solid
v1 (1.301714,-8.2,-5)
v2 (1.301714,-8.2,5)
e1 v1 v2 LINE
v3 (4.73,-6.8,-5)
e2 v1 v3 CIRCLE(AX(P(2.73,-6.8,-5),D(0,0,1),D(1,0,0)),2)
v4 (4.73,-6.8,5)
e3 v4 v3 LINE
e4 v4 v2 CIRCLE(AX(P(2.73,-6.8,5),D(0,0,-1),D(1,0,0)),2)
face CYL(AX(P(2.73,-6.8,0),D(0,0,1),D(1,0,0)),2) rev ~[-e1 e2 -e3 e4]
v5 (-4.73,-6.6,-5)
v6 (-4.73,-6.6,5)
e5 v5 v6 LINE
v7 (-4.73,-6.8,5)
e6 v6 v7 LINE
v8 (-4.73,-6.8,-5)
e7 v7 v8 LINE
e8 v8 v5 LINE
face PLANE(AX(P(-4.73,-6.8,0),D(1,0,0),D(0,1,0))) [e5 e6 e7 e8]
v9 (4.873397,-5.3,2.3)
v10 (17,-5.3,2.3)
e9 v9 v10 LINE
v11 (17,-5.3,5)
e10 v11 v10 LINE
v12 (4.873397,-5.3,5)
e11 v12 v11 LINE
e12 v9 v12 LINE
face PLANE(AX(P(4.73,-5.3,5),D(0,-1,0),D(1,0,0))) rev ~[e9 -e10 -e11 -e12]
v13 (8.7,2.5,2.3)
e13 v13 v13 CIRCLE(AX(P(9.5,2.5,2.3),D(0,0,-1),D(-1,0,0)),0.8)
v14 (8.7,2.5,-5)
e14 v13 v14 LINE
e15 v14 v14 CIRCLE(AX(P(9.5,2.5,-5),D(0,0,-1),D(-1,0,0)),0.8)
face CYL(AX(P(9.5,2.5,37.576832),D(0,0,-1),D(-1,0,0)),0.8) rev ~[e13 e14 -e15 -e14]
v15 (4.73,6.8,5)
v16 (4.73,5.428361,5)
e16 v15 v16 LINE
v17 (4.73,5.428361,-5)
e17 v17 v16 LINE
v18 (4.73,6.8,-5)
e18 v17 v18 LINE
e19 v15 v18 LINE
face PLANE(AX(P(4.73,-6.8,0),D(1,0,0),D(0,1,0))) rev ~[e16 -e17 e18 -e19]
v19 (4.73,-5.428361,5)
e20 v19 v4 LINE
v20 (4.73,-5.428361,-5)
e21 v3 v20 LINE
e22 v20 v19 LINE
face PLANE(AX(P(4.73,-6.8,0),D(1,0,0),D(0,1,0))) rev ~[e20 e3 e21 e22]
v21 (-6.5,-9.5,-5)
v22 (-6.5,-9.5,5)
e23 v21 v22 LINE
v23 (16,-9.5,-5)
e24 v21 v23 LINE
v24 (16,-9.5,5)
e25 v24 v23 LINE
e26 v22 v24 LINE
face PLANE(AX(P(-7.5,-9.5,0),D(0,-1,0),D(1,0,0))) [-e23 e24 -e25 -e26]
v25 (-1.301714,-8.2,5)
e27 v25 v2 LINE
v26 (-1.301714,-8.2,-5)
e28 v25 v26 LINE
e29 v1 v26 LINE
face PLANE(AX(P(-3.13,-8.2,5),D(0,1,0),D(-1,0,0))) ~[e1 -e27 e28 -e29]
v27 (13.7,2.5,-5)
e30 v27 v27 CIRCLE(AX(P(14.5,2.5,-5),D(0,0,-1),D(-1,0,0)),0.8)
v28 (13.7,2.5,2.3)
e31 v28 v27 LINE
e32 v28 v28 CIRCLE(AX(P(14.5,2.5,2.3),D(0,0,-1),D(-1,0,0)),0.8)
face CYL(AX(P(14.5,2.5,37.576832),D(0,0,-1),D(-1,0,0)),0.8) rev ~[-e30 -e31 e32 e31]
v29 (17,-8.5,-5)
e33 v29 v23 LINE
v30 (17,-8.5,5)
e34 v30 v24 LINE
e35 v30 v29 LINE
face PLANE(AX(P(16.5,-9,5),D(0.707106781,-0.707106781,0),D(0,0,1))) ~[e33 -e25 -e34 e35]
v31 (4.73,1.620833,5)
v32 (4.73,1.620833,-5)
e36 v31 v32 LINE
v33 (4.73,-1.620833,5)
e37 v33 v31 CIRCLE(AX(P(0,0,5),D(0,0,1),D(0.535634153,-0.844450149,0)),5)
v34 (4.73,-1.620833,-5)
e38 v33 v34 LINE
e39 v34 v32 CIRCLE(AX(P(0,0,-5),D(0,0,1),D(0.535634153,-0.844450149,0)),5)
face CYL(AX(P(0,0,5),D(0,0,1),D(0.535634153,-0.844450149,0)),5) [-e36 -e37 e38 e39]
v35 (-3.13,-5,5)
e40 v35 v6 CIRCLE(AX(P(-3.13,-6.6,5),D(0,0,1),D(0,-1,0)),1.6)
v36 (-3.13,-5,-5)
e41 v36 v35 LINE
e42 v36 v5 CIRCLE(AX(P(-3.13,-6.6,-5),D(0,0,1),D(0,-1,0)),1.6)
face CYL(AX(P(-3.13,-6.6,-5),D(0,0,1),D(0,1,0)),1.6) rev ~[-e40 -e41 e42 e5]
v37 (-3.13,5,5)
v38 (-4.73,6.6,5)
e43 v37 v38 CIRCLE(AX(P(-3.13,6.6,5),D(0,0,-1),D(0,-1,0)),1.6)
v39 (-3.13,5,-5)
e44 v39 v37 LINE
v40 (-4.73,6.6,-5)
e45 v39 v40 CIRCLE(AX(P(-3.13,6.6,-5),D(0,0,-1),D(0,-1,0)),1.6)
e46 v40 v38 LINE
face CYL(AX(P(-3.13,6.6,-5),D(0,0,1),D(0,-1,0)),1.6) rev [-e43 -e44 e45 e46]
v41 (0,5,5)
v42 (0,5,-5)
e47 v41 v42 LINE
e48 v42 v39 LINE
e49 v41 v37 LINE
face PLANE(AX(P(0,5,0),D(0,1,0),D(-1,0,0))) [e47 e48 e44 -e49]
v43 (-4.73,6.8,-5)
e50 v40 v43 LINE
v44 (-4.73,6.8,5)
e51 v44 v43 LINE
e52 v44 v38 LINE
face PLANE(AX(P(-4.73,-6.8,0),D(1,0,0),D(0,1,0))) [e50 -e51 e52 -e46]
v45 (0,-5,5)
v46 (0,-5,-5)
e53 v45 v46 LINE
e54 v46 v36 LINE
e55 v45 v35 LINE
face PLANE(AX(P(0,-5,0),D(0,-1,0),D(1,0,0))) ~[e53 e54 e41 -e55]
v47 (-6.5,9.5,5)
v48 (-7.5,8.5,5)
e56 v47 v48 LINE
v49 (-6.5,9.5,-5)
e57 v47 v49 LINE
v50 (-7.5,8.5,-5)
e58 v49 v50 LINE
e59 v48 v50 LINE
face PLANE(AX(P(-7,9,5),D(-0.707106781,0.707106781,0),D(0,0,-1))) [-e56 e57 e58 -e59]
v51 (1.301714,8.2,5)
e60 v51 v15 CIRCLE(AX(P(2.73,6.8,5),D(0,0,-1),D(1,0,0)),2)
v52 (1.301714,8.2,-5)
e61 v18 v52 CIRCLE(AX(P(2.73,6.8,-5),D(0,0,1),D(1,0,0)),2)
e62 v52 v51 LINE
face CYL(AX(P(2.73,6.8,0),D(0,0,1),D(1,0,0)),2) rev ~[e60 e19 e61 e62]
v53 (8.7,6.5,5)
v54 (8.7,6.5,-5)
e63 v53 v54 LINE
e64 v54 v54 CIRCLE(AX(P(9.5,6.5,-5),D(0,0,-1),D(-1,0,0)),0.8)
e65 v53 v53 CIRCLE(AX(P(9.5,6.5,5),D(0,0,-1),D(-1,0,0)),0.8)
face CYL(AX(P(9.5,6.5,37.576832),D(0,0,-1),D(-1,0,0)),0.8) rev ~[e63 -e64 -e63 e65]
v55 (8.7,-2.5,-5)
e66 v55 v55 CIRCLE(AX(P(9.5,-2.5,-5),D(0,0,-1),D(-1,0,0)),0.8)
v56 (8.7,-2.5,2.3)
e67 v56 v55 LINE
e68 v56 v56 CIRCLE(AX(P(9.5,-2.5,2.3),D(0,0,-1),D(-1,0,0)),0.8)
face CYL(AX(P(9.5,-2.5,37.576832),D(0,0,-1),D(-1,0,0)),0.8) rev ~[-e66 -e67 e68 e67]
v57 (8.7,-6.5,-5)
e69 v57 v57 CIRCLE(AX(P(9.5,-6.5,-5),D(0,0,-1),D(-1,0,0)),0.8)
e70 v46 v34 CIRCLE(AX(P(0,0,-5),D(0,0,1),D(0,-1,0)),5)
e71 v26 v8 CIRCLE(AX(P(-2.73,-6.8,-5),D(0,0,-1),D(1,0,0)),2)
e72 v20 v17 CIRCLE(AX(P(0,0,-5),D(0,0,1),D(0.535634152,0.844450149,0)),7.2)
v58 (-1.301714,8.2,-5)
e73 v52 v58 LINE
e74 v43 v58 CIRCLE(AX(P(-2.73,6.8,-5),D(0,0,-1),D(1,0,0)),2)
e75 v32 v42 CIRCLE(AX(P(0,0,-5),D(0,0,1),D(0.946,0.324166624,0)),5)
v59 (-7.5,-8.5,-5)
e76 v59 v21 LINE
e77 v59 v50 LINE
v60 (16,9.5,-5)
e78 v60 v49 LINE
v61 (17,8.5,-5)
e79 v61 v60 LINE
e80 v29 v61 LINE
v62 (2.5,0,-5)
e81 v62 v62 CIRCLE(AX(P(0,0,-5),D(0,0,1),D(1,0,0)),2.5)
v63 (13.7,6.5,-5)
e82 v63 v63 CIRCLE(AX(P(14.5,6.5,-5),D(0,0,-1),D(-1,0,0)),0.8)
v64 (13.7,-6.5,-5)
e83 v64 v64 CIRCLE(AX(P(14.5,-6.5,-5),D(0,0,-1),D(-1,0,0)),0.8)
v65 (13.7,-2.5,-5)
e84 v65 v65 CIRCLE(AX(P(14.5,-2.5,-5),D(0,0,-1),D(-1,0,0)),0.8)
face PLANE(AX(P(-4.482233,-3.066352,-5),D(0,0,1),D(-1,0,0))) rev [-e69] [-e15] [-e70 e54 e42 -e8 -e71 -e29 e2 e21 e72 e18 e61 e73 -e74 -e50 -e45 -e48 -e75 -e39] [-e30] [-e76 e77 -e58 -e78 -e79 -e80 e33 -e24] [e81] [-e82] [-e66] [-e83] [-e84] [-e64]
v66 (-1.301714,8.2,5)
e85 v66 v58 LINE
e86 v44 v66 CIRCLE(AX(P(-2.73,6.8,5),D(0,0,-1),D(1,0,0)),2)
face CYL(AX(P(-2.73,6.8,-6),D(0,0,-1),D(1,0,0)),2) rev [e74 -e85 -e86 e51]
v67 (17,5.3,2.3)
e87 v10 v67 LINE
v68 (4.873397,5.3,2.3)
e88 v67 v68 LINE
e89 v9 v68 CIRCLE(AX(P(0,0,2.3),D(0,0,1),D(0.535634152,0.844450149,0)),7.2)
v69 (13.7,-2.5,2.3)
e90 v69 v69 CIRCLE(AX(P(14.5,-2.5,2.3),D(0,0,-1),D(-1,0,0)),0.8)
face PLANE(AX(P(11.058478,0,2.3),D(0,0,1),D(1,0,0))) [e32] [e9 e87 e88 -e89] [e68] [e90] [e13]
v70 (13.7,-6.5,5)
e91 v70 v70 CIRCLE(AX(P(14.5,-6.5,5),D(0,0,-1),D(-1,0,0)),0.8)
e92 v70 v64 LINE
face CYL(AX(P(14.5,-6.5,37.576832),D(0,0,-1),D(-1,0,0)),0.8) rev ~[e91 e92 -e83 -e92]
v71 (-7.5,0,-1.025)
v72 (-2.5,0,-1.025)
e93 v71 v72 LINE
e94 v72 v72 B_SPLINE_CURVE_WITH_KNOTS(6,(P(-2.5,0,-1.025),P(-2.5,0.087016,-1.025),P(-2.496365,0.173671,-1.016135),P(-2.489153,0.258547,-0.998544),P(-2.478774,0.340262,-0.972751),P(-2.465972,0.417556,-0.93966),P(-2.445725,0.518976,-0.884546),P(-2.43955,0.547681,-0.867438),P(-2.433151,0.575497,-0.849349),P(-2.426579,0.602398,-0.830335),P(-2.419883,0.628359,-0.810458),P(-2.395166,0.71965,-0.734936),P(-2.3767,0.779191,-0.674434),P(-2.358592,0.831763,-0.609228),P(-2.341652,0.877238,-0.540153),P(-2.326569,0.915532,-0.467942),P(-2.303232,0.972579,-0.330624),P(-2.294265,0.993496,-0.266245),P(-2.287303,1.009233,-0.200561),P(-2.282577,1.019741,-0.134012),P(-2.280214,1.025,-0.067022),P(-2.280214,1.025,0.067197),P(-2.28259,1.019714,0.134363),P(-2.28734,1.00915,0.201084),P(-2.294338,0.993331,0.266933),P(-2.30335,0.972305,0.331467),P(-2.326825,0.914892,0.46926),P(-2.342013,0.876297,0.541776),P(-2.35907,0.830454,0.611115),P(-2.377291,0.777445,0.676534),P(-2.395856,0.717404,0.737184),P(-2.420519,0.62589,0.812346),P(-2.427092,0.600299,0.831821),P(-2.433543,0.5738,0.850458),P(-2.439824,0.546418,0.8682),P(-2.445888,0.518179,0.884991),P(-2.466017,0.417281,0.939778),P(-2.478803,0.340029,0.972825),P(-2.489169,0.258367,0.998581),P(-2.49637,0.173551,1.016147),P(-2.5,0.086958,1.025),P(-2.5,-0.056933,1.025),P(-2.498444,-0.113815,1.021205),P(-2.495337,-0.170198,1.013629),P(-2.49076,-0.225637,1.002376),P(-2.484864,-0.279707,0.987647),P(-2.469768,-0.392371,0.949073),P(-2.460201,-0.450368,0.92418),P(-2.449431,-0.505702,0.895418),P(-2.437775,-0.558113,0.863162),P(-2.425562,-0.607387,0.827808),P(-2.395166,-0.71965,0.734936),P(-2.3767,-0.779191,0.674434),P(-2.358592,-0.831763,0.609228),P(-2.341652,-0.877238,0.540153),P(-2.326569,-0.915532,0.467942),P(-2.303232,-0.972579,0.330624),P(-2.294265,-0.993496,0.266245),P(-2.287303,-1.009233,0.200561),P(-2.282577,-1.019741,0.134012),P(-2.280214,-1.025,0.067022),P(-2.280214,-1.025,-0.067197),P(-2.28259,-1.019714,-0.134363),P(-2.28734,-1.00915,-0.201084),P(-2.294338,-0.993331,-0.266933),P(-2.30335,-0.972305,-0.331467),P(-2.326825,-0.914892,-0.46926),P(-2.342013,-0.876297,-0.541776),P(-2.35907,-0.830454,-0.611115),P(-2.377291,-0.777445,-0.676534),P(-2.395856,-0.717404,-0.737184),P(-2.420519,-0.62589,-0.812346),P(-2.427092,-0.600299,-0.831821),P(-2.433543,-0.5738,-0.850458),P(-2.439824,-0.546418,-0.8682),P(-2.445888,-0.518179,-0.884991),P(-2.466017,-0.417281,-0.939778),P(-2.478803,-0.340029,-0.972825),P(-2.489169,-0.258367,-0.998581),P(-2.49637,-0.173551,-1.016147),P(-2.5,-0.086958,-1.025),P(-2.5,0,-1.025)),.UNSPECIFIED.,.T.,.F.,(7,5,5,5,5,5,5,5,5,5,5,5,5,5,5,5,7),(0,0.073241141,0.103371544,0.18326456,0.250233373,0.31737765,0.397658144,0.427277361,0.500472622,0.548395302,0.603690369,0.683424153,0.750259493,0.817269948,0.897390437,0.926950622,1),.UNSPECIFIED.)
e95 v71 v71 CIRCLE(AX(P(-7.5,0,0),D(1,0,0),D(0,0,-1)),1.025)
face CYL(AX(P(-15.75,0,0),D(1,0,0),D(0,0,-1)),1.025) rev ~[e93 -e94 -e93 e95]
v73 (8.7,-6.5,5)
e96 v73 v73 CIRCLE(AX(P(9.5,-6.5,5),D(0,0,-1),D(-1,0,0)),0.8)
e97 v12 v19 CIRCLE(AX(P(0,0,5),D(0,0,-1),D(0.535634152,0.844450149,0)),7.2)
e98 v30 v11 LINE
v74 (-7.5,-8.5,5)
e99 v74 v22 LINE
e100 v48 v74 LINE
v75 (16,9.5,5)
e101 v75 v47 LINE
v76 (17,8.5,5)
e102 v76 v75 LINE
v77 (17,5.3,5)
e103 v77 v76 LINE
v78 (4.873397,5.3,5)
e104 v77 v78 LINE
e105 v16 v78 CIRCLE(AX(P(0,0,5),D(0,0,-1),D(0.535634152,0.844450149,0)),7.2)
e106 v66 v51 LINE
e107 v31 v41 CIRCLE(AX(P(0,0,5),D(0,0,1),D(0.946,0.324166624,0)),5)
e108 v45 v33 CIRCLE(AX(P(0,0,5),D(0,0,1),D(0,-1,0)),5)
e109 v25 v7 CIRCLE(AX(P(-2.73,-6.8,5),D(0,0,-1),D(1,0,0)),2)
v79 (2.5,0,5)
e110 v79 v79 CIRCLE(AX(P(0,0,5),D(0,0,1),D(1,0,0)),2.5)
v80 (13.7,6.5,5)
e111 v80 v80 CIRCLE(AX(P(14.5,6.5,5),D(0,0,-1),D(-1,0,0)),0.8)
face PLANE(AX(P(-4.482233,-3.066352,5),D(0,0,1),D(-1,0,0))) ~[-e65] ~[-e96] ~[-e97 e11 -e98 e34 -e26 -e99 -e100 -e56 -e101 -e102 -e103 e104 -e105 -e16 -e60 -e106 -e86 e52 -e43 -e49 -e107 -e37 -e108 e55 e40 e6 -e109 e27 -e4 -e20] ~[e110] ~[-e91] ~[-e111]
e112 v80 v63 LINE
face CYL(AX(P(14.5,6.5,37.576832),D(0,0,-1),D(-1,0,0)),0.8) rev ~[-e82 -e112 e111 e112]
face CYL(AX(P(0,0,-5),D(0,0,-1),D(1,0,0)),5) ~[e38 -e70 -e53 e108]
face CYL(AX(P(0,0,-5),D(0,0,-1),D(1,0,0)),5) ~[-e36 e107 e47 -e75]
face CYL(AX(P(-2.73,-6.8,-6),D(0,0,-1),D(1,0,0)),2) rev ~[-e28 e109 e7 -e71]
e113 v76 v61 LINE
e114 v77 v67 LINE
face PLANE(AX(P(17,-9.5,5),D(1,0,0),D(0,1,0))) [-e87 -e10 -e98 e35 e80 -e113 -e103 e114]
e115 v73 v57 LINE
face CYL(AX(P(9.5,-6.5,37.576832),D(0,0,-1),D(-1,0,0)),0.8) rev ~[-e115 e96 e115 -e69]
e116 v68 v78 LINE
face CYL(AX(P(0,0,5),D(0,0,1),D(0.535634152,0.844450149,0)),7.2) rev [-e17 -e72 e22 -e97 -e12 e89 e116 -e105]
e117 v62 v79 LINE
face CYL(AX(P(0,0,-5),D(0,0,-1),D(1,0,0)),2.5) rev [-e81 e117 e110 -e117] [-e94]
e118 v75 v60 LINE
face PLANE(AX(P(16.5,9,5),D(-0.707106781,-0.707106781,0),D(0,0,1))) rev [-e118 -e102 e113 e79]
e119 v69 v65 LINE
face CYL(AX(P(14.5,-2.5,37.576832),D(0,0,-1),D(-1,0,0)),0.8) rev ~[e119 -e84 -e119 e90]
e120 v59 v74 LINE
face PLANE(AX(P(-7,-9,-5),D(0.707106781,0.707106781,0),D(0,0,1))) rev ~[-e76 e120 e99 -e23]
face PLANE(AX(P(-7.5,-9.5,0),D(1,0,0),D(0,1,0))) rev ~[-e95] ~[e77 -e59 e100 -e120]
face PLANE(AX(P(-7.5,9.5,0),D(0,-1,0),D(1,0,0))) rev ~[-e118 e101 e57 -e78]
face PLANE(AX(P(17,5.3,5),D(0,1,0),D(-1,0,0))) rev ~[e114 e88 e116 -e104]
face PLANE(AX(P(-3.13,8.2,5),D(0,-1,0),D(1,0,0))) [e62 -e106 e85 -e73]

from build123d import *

# Parameters (mm, degrees)
SKETCH1_W                = 15
SKETCH1_H                = 19
BOSS_EXTRUDE1_DEPTH      = 5
BOSS_EXTRUDE1_DEPTH_BACK = 5
CUT_EXTRUDE1_START       = -6
SKETCH2_R                = 2
CUT_EXTRUDE1_DEPTH       = 16
SKETCH5_R                = 2
CUT_EXTRUDE4_DEPTH       = 17
CUT_EXTRUDE4_DEPTH_BACK  = 17
SKETCH6_R                = 2
CUT_EXTRUDE5_DEPTH       = 17
CUT_EXTRUDE5_DEPTH_BACK  = 17
SKETCH10_W               = 9.46
SKETCH10_H               = 13.6
CUT_EXTRUDE6_DEPTH       = 6
CUT_EXTRUDE6_DEPTH_BACK  = 6
BOSS_EXTRUDE2_START      = -5
SKETCH7_R                = 5
SKETCH7_R_2              = 2.5
BOSS_EXTRUDE2_DEPTH      = 10
BOSS_EXTRUDE3_DEPTH      = 5
FILLET1_R                = 1.6
SKETCH11_W               = 12.27
SKETCH11_H               = 19
BOSS_EXTRUDE4_DEPTH      = 10
CHAMFER1_SIZE            = 1
SKETCH16_W               = 5.80562201
SKETCH16_H               = 3.2
CUT_EXTRUDE8_DEPTH       = 11.5
CUT_EXTRUDE9_DEPTH       = 11.5
CUT_EXTRUDE10_DEPTH      = 2.7
TROU_TARAUD_M21_D        = 1.6
TROU_TARAUD_M2_51_D      = 2.05
TROU_TARAUD_M2_51_DEPTH  = 8.25
TROU_TARAUD_M2_51_TIP    = 0.615882135


with BuildPart() as part:
    # Sketch1 → Boss-Extrude1 (new body, two sides)
    with BuildSketch(Plane.XY) as boss_extrude1_sk:
        Rectangle(SKETCH1_W, SKETCH1_H)
    extrude(amount=BOSS_EXTRUDE1_DEPTH)
    extrude(boss_extrude1_sk.sketch, amount=-BOSS_EXTRUDE1_DEPTH_BACK)

    # Sketch2 → Cut-Extrude1 (cut)
    with BuildSketch(Plane.XY.offset(CUT_EXTRUDE1_START)):
        with Locations((-2.73, 6.8)):
            Circle(SKETCH2_R)
    cut_extrude1 = extrude(amount=CUT_EXTRUDE1_DEPTH, mode=Mode.SUBTRACT)

    # Mirror3: Cut-Extrude1 across plane
    add(cut_extrude1.mirror(Plane.ZX), mode=Mode.SUBTRACT)

    # Sketch5 → Cut-Extrude4 (cut, two sides)
    with BuildSketch(Plane.XY) as cut_extrude4_sk:
        with Locations((2.73, 6.8)):
            Circle(SKETCH5_R)
    extrude(amount=CUT_EXTRUDE4_DEPTH, mode=Mode.SUBTRACT)
    extrude(cut_extrude4_sk.sketch, amount=-CUT_EXTRUDE4_DEPTH_BACK, mode=Mode.SUBTRACT)

    # Sketch6 → Cut-Extrude5 (cut, two sides)
    with BuildSketch(Plane.XY) as cut_extrude5_sk:
        with Locations((2.73, -6.8)):
            Circle(SKETCH6_R)
    extrude(amount=CUT_EXTRUDE5_DEPTH, mode=Mode.SUBTRACT)
    extrude(cut_extrude5_sk.sketch, amount=-CUT_EXTRUDE5_DEPTH_BACK, mode=Mode.SUBTRACT)

    # Sketch10 → Cut-Extrude6 (cut, two sides)
    with BuildSketch(Plane.XY) as cut_extrude6_sk:
        Rectangle(SKETCH10_W, SKETCH10_H)
    extrude(amount=CUT_EXTRUDE6_DEPTH, mode=Mode.SUBTRACT)
    extrude(cut_extrude6_sk.sketch, amount=-CUT_EXTRUDE6_DEPTH_BACK, mode=Mode.SUBTRACT)



with BuildPart() as body_2:
    # Sketch7 → Boss-Extrude2 (new body)
    with BuildSketch(Plane.XY.offset(BOSS_EXTRUDE2_START)):
        Circle(SKETCH7_R)
        Circle(SKETCH7_R_2, mode=Mode.SUBTRACT)
    extrude(amount=BOSS_EXTRUDE2_DEPTH)


with BuildPart() as part_1:
    add(part.part)

    add(body_2.part)  # Boss-Extrude3 merges body 2
    # Sketch8 → Boss-Extrude3 (add, symmetric)
    with BuildSketch(Plane.XY):
        Polygon((0, 5), (-7.5, 5), (-7.5, 0), (-5, 0), align=None)
    boss_extrude3 = extrude(amount=BOSS_EXTRUDE3_DEPTH, both=True)

    # Mirror7: Boss-Extrude3 across plane
    add(boss_extrude3.mirror(Plane.ZX))

    # Fillet1
    fillet1_edges = [part_1.edges().sort_by_distance(p)[0] for p in [
        (-4.73, -5, 0),
        (-4.73, 5, 0),
    ]]
    fillet(fillet1_edges, radius=FILLET1_R)

    # Sketch11 → Boss-Extrude4 (add)
    with BuildSketch(Plane.XY.offset(5)):
        with Locations((10.865, 0)):
            Rectangle(SKETCH11_W, SKETCH11_H)
    extrude(amount=-BOSS_EXTRUDE4_DEPTH)

    # Chamfer1
    chamfer1_edges = [part_1.edges().sort_by_distance(p)[0] for p in [
        (17, 9.5, 0),
        (17, -9.5, 0),
        (-7.5, 9.5, 0),
        (-7.5, -9.5, 0),
    ]]
    chamfer(chamfer1_edges, length=CHAMFER1_SIZE)

    # Sketch16 → Cut-Extrude8 (cut)
    with BuildSketch(Plane.XY.offset(5)):
        with Locations((-0.227188995, 6.6)):
            Rectangle(SKETCH16_W, SKETCH16_H)
    cut_extrude8 = extrude(amount=-CUT_EXTRUDE8_DEPTH, mode=Mode.SUBTRACT)

    # Mirror8: Cut-Extrude8 across plane
    add(cut_extrude8.mirror(Plane.ZX), mode=Mode.SUBTRACT)

    # Sketch17 → Cut-Extrude9 (cut)
    with BuildSketch(Plane.XY.offset(5)):
        with BuildLine():
            ThreePointArc((2.678170763, -4.222250746), (5, 0), (2.678170763, 4.222250746))
            ThreePointArc((2.678170763, 4.222250746), (2.338473166, 5.740343478), (3.856565898, 6.080041075))
            ThreePointArc((3.856565898, 6.080041075), (7.2, 0), (3.856565898, -6.080041075))
            ThreePointArc((3.856565898, -6.080041075), (2.338473166, -5.740343478), (2.678170763, -4.222250746))
        make_face()
    extrude(amount=-CUT_EXTRUDE9_DEPTH, mode=Mode.SUBTRACT)

    # Sketch20 → Cut-Extrude10 (cut)
    with BuildSketch(Plane.XY.offset(5)):
        with BuildLine():
            Line((17, 5.3), (4.73, 5.3))
            ThreePointArc((4.73, 5.3), (7.103724375, 0), (4.73, -5.3))
            Line((4.73, -5.3), (17, -5.3))
            Line((17, -5.3), (17, 5.3))
        make_face()
    extrude(amount=-CUT_EXTRUDE10_DEPTH, mode=Mode.SUBTRACT)

    # Trou taraudé M21 (through all)
    with Locations(Plane.XY.offset(5)):
        with Locations((14.5, 2.5), (14.5, -2.5), (9.5, 2.5), (9.5, -2.5), (9.5, 6.5), (14.5, 6.5), (9.5, -6.5), (14.5, -6.5)):
            Hole(TROU_TARAUD_M21_D / 2)

    # Trou taraudé M2.51
    with Locations(Plane.ZY.offset(7.5)):
        with Locations((0, 0)):
            Hole(TROU_TARAUD_M2_51_D / 2, depth=TROU_TARAUD_M2_51_DEPTH)
            with Locations((0, 0, -(TROU_TARAUD_M2_51_DEPTH + TROU_TARAUD_M2_51_TIP / 2))):  # 118° drill point
                Cone(0, TROU_TARAUD_M2_51_D / 2, TROU_TARAUD_M2_51_TIP, mode=Mode.SUBTRACT)


solid = part_1.part
